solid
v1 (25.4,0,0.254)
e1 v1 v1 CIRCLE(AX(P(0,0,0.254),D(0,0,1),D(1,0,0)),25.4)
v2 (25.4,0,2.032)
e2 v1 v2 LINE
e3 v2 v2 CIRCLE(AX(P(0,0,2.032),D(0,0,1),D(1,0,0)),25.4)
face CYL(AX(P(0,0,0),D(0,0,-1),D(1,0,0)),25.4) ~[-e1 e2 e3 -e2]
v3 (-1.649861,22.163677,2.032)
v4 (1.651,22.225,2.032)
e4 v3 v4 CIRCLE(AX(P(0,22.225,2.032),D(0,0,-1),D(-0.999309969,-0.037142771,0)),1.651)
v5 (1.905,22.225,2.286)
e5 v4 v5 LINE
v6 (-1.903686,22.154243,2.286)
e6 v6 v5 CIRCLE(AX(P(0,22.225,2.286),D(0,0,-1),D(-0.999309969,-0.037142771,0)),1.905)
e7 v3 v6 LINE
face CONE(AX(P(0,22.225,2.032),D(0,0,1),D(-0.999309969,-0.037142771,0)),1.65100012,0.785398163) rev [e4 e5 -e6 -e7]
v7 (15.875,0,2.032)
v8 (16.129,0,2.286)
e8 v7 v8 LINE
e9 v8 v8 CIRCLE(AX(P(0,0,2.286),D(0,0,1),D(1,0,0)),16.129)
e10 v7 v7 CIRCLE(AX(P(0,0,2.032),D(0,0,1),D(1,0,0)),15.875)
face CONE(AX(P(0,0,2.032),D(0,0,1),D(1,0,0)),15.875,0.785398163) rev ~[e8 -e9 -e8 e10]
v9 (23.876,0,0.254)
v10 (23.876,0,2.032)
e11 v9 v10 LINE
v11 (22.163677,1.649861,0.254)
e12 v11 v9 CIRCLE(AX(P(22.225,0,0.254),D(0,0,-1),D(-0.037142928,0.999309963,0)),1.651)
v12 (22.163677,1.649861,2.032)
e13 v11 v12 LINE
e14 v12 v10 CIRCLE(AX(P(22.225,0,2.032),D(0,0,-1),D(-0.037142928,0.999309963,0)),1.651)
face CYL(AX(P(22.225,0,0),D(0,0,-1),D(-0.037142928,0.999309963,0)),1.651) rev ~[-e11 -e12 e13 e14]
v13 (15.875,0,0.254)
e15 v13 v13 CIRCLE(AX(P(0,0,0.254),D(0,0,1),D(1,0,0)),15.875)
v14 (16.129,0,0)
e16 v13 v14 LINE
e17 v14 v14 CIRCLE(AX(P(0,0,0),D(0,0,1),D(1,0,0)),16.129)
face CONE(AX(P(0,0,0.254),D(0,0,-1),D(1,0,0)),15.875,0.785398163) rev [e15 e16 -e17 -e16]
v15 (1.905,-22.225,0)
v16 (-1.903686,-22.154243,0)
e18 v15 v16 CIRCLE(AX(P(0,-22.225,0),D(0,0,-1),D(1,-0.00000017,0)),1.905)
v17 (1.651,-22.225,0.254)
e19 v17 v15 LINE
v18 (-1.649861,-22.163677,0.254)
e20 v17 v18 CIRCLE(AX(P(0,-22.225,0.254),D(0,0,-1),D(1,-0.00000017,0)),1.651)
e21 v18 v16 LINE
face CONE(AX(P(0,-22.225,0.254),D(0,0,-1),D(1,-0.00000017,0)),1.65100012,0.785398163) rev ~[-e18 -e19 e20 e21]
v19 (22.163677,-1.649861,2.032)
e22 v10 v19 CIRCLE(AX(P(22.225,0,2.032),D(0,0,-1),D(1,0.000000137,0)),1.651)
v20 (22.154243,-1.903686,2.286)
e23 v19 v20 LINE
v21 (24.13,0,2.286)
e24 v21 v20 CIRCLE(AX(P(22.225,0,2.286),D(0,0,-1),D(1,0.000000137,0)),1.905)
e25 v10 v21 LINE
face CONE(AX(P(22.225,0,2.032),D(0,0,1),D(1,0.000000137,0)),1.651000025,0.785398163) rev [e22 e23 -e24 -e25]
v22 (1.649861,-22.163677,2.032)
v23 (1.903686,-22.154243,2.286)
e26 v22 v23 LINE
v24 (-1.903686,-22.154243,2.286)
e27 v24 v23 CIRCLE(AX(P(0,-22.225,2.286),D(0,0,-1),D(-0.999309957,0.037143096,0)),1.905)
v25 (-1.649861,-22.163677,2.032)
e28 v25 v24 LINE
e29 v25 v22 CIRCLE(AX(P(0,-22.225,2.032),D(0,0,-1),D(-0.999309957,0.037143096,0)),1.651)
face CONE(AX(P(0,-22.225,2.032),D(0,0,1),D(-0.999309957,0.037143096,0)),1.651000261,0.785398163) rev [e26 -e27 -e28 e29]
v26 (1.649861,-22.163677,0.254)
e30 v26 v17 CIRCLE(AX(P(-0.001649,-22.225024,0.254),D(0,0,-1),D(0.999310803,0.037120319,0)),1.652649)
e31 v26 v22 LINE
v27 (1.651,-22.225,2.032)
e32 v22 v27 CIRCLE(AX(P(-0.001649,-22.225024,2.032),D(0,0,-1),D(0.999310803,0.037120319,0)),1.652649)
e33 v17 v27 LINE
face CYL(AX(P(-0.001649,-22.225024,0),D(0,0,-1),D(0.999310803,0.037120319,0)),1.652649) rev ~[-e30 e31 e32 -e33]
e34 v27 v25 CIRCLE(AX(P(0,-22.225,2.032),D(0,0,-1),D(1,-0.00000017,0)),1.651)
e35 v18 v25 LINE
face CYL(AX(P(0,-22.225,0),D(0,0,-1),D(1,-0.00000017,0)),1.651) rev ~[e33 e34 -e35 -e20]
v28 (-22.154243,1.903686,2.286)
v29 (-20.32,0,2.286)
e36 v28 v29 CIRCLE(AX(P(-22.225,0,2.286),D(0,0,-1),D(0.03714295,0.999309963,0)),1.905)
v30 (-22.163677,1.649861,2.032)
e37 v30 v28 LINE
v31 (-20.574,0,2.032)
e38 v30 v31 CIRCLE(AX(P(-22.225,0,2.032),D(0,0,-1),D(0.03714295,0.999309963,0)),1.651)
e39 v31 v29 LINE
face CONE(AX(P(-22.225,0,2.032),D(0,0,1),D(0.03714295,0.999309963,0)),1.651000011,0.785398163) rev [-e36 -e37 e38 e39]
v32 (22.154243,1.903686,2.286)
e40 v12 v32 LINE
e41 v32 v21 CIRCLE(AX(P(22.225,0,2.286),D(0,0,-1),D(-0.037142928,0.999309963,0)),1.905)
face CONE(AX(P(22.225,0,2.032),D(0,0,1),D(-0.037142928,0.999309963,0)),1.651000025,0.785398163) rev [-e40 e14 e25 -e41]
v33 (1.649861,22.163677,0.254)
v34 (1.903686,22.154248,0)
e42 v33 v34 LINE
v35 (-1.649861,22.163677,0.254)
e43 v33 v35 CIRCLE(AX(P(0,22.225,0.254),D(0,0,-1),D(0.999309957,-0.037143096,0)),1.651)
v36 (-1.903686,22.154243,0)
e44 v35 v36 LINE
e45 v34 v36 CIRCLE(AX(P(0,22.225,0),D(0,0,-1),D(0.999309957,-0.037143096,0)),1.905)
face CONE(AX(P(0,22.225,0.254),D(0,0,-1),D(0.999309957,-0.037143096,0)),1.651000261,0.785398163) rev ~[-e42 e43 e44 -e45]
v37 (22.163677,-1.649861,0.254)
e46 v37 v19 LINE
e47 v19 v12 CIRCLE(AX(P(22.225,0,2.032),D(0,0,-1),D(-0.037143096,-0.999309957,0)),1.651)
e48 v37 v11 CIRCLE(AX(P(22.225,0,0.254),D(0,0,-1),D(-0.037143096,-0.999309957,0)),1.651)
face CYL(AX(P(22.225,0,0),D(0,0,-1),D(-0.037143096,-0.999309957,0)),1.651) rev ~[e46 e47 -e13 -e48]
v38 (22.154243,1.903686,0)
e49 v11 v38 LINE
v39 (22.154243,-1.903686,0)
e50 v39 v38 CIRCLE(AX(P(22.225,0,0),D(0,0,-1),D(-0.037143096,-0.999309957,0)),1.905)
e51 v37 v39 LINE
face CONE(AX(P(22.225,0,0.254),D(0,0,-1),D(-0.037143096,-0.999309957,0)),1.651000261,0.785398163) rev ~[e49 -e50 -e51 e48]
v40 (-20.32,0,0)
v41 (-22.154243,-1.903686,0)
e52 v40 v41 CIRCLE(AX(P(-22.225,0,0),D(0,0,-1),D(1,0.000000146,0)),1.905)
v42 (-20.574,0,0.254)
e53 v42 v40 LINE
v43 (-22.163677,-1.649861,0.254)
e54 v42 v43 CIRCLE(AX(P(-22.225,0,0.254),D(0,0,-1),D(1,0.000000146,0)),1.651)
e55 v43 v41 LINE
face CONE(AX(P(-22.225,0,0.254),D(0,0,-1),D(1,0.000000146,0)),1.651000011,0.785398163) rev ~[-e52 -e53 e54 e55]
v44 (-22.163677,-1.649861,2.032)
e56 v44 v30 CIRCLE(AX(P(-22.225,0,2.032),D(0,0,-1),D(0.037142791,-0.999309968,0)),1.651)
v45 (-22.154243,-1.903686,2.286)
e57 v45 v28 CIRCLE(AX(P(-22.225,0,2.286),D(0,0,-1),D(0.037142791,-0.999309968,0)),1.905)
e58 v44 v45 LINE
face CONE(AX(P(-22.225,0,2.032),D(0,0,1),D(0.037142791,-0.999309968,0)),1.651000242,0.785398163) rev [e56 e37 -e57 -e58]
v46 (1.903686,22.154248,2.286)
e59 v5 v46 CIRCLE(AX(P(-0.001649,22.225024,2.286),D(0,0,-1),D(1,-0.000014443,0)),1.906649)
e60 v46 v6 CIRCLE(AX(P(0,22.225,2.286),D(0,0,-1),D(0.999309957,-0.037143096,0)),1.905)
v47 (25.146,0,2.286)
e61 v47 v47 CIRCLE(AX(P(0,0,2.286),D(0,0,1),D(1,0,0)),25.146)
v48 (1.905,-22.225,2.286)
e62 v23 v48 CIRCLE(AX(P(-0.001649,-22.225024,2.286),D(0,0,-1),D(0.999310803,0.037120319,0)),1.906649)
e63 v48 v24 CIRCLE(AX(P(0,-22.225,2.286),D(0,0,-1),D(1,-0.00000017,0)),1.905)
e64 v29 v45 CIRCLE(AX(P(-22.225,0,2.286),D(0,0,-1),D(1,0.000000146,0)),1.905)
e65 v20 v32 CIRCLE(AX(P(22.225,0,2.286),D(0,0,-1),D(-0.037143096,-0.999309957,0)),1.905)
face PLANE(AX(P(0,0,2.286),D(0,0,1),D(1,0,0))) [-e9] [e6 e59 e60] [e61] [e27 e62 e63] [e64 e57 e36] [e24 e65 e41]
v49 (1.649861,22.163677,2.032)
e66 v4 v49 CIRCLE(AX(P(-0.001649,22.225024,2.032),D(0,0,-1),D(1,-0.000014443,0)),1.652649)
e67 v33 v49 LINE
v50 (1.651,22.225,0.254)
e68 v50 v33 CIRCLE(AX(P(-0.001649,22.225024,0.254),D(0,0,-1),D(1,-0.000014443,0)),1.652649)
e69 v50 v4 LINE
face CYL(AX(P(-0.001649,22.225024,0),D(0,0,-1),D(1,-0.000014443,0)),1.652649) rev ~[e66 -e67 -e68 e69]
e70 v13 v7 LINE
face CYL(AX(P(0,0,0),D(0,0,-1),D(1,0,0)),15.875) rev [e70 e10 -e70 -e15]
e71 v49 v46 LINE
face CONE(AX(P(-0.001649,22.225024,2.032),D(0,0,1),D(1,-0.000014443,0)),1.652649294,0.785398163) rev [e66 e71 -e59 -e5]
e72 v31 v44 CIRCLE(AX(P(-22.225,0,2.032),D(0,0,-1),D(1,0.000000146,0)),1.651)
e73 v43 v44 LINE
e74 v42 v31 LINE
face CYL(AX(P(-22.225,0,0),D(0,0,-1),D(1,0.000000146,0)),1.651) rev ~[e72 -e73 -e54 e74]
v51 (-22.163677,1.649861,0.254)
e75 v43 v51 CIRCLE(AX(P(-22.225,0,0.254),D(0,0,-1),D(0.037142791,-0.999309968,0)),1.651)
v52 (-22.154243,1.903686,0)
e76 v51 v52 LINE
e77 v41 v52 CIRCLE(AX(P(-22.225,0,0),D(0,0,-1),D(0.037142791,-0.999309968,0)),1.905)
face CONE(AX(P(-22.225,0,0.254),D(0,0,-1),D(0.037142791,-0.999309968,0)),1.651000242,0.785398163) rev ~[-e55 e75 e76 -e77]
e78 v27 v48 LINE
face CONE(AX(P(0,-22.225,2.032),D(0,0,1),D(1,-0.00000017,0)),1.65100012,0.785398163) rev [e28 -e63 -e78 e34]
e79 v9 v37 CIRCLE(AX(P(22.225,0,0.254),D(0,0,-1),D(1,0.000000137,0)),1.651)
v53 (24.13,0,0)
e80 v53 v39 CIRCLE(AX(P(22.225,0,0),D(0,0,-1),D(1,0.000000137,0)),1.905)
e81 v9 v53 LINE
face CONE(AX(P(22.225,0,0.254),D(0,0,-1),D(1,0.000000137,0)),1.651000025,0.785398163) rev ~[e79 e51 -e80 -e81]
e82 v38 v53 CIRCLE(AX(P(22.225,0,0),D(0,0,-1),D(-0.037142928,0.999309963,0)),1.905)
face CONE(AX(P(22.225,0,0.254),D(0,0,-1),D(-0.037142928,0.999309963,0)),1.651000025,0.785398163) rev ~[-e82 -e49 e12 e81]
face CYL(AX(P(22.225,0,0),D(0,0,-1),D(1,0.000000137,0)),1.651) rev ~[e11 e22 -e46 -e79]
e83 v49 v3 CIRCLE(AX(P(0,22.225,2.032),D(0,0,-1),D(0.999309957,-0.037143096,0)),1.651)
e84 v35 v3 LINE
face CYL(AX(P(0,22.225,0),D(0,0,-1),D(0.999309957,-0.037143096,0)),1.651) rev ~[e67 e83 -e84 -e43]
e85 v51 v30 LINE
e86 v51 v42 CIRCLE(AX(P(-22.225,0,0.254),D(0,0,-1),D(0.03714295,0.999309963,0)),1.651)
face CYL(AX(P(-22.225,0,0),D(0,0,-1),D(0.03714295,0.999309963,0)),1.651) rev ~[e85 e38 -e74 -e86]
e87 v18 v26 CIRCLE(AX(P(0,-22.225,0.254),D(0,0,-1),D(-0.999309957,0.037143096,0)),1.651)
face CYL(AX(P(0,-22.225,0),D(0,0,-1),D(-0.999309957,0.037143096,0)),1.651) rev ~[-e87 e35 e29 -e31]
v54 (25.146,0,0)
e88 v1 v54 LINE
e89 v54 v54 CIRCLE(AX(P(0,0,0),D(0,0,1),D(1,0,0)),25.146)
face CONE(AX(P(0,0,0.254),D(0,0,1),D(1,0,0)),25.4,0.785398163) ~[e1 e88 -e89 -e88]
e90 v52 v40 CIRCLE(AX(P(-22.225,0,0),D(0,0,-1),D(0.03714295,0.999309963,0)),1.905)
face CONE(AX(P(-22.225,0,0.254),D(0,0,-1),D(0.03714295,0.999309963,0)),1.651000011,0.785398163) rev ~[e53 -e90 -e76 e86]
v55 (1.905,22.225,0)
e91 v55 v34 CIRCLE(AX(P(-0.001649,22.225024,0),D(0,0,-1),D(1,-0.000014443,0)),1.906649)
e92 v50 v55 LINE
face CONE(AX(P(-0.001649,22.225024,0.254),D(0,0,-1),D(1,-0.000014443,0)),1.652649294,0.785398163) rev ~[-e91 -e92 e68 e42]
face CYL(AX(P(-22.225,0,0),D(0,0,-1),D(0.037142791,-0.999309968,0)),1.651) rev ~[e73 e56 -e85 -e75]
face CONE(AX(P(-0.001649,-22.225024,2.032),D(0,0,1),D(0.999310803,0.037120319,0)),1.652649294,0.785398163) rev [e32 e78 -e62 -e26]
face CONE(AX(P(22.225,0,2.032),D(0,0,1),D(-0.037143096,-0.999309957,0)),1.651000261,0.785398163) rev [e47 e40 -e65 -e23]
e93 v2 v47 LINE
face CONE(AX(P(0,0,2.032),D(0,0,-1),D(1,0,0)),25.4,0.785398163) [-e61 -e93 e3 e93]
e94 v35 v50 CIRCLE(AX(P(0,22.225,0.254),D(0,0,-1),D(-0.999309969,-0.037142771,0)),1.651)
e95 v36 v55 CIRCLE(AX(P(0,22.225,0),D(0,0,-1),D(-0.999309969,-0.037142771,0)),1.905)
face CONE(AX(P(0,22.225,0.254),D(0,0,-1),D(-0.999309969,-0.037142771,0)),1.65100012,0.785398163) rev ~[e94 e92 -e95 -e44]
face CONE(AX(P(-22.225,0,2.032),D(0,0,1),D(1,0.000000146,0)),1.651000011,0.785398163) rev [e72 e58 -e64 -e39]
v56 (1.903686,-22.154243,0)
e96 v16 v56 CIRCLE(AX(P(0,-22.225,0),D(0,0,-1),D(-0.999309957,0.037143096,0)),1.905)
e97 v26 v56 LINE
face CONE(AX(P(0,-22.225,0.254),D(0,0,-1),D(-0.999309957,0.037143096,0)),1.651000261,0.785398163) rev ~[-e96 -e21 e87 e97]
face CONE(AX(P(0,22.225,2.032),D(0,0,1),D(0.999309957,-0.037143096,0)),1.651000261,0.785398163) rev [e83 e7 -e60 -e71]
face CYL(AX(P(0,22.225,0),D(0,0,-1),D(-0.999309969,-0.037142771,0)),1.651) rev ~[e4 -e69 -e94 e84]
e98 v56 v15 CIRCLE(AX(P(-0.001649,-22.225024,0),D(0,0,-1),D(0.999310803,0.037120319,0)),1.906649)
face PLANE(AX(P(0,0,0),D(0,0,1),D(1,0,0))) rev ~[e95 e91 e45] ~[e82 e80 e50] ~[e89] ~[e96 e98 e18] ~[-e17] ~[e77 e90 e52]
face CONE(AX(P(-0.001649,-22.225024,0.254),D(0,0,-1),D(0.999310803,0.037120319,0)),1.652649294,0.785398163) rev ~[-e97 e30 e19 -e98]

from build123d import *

# Parameters (mm, degrees)
F0_R     = 25.4
F0_R_2   = 15.875
F1_DEPTH = 2.286
F2_SIZE  = 0.254


with BuildPart() as f1:
    # F0 (on Top) → F1 (new body)
    with BuildSketch(Plane.XY):
        Circle(F0_R)
        with BuildLine():
            ThreePointArc((1.649861, 22.163677), (15.715448, 15.715448), (22.163677, 1.649861))
            ThreePointArc((22.163677, 1.649861), (23.370547, 1.188917), (23.876, 0))
            ThreePointArc((23.876, 0), (23.370547, -1.188917), (22.163677, -1.649861))
            ThreePointArc((22.163677, -1.649861), (15.715448, -15.715448), (1.649861, -22.163677))
            ThreePointArc((1.649861, -22.163677), (1.650715, -22.194333), (1.651, -22.225))
            ThreePointArc((1.651, -22.225), (-0.030667, -23.875715), (-1.649861, -22.163677))
            ThreePointArc((-1.649861, -22.163677), (-15.715448, -15.715448), (-22.163677, -1.649861))
            ThreePointArc((-22.163677, -1.649861), (-23.876, 0), (-22.163677, 1.649861))
            ThreePointArc((-22.163677, 1.649861), (-15.715448, 15.715448), (-1.649861, 22.163677))
            ThreePointArc((-1.649861, 22.163677), (-0.030667, 23.875715), (1.651, 22.225))
            ThreePointArc((1.651, 22.225), (1.650715, 22.194333), (1.649861, 22.163677))
        make_face(mode=Mode.SUBTRACT)
        with BuildLine():
            ThreePointArc((22.163677, -1.649861), (20.574, 0), (22.163677, 1.649861))
            ThreePointArc((22.163677, 1.649861), (15.715448, 15.715448), (1.649861, 22.163677))
            ThreePointArc((1.649861, 22.163677), (0, 20.574), (-1.649861, 22.163677))
            ThreePointArc((-1.649861, 22.163677), (-15.715448, 15.715448), (-22.163677, 1.649861))
            ThreePointArc((-22.163677, 1.649861), (-21.036083, 1.145547), (-20.574, 0))
            ThreePointArc((-20.574, 0), (-21.036083, -1.145547), (-22.163677, -1.649861))
            ThreePointArc((-22.163677, -1.649861), (-15.715448, -15.715448), (-1.649861, -22.163677))
            ThreePointArc((-1.649861, -22.163677), (0, -20.574), (1.649861, -22.163677))
            ThreePointArc((1.649861, -22.163677), (15.715448, -15.715448), (22.163677, -1.649861))
        make_face()
        Circle(F0_R_2, mode=Mode.SUBTRACT)
    extrude(amount=F1_DEPTH)

    # F2
    f2_edges = [f1.edges().sort_by_distance(p)[0] for p in [
        (-25.4, 0, 0),
        (-25.4, 0, 2.286),
        (-15.875, 0, 2.286),
        (-15.875, 0, 0),
        (-22.286323, -1.649861, 0),
        (-22.163677, 1.649861, 1.143),
        (-22.286323, -1.649861, 2.286),
        (-1.649861, -22.163677, 1.143),
        (1.649861, -22.286323, 0),
        (1.649861, -22.286323, 2.286),
        (22.163677, -1.649861, 1.143),
        (22.286323, 1.649861, 0),
        (22.286323, 1.649861, 2.286),
        (1.651, 22.225, 1.143),
        (-1.651, 22.225, 0),
        (-1.651, 22.225, 2.286),
    ]]
    chamfer(f2_edges, length=F2_SIZE)


solid = f1.part
